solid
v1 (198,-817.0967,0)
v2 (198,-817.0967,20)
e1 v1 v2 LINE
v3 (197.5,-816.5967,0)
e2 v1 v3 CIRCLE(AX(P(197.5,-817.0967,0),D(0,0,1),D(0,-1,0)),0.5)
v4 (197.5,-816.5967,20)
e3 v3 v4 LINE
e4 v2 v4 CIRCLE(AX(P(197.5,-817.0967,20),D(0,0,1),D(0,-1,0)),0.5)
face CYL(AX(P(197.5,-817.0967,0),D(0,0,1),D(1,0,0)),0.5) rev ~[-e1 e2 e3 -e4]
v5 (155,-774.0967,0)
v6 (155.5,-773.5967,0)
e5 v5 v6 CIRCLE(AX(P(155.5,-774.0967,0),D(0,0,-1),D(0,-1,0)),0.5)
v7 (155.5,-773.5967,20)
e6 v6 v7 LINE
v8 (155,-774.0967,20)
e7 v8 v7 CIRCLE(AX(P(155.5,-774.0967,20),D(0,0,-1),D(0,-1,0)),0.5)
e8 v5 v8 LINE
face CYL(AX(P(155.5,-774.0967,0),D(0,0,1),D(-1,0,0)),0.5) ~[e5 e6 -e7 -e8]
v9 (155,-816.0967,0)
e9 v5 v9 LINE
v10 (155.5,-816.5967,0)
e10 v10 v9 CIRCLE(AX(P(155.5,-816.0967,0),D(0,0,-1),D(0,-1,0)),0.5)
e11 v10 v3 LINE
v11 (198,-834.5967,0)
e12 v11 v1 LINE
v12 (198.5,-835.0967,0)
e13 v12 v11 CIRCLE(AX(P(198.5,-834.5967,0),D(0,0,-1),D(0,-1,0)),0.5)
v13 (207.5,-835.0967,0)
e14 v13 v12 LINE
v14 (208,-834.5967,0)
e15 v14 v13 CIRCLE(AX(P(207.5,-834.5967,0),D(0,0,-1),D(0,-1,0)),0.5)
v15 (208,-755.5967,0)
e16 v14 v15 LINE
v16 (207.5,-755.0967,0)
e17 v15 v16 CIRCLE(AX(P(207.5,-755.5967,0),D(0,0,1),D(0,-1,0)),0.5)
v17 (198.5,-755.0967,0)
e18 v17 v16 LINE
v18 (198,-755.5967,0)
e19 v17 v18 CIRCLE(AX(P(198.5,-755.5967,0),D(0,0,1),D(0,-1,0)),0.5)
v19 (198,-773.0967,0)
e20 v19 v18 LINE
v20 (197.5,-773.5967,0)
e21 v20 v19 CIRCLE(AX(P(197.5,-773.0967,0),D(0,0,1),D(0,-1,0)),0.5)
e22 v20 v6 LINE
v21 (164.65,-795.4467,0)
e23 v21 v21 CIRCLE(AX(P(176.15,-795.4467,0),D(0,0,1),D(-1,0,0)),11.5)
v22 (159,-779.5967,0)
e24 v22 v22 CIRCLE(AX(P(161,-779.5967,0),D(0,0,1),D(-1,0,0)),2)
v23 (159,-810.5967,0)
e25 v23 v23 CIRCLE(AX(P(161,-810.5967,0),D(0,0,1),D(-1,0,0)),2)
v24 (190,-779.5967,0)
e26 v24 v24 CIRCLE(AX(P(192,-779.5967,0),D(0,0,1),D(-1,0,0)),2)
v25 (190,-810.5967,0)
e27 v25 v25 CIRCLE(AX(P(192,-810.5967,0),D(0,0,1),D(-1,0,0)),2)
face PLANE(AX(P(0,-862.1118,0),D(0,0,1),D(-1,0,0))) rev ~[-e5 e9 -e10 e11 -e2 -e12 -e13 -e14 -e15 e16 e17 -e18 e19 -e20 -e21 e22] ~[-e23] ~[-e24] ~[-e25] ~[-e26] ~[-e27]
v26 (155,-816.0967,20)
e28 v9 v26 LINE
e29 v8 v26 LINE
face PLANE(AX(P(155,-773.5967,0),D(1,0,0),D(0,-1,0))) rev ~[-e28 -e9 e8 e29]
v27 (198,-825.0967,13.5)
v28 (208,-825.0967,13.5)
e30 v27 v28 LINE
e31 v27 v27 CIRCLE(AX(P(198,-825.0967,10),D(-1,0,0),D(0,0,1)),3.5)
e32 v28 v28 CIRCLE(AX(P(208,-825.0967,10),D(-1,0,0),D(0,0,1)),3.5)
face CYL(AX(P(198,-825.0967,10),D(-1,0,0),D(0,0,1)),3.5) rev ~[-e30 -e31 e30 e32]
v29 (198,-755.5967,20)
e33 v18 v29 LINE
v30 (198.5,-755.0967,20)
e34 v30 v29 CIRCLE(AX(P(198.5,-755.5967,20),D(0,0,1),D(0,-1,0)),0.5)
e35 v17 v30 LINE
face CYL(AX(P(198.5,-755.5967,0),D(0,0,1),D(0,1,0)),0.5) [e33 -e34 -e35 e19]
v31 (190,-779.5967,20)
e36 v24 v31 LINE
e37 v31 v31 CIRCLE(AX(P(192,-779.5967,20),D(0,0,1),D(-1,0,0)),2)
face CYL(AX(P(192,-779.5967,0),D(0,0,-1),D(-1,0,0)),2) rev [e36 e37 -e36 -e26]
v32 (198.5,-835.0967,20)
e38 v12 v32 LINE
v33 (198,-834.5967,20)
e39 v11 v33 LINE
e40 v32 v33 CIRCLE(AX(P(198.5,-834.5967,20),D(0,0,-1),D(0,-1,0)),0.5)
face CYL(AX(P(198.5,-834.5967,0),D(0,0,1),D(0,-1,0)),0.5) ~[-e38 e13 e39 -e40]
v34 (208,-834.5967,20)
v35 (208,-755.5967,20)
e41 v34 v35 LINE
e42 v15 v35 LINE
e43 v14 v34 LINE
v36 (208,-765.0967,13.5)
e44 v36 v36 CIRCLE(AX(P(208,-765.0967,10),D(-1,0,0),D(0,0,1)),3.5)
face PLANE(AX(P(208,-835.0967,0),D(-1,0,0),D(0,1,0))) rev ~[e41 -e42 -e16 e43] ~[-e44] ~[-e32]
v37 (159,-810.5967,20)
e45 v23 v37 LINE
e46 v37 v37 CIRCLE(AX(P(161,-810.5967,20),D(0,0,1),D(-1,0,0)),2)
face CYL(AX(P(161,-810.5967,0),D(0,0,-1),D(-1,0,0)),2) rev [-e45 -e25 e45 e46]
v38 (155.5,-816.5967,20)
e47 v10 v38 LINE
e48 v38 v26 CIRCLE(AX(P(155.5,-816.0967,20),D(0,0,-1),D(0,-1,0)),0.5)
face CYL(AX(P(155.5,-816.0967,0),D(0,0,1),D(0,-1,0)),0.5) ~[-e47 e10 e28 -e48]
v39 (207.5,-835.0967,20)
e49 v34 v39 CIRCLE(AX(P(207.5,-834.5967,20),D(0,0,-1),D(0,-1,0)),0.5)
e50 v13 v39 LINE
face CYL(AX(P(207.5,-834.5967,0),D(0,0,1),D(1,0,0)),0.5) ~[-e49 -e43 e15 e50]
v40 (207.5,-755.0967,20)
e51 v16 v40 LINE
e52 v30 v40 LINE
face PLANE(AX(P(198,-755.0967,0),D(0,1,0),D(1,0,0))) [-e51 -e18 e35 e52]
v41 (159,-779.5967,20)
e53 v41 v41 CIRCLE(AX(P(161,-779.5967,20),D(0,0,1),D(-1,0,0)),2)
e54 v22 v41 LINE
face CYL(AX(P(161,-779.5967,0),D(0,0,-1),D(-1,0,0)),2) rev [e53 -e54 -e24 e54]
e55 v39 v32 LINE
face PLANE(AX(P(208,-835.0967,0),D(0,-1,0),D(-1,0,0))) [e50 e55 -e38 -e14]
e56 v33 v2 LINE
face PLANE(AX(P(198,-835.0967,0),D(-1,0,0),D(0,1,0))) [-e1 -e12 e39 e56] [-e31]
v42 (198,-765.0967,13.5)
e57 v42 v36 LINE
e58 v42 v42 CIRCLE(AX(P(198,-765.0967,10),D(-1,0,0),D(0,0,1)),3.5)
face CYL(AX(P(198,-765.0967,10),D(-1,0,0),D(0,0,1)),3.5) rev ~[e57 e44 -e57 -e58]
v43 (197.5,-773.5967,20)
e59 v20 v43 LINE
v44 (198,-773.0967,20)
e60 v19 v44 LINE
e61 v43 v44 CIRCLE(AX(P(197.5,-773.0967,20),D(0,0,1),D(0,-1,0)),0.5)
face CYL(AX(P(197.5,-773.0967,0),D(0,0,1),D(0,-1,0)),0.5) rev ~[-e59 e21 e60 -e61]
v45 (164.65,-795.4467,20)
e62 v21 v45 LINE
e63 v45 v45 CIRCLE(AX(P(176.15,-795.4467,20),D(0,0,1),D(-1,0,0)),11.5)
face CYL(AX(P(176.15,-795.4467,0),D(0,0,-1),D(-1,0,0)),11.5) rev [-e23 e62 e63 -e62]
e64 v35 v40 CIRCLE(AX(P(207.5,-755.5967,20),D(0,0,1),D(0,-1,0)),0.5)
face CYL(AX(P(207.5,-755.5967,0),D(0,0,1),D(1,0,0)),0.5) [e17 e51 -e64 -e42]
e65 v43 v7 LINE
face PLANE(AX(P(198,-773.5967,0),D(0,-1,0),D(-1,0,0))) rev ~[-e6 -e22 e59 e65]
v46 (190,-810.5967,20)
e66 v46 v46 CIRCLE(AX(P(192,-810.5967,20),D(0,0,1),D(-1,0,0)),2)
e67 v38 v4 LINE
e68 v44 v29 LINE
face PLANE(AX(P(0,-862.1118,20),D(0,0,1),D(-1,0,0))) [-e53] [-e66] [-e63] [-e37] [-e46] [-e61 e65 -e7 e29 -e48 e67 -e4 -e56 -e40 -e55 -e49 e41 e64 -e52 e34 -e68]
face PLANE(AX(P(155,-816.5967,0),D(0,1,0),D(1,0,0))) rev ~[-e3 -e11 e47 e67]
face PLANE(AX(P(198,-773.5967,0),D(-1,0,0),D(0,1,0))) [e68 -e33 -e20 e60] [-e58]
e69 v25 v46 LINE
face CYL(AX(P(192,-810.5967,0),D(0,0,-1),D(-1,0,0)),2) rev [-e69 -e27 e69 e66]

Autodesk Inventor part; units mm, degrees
ref_plane "YZ Plane" through (0, 0, 0) normal (1, 0, 0) x (0, 1, 0)
ref_plane "XZ Plane" through (0, 0, 0) normal (0, 1, 0) x (-1, 0, 0)
ref_plane "Work Plane1" through (0, -862.1118, 0) normal (0, 0, 1) x (-1, 0, 0)
sketch "Sketch1" plane through (0, -862.1118, 0) normal (0, 0, 1) x (-1, 0, 0)
  circle A0 centre (-188, -18) radius 4 projected
  line L0 (-220, -478) -> (-220, 22) projected
  line L1 (-220, -478) -> (-208, -478) projected
  line L2 (-208, 22) -> (-208, -478) projected
  line L3 (-220, 22) -> (-208, 22) projected
  line L4 (-208, -27.0151) -> (-198, -27.0151)
  line L5 (-198, -107.0151) -> (-208, -107.0151)
  line L6 (-208, -107.0151) -> (-208, -27.0151)
  line L7 (-155, -45.5151) -> (-198, -45.5151)
  line L8 (-198, -88.5151) -> (-155, -88.5151)
  line L9 (-155, -88.5151) -> (-155, -45.5151)
  circle A1 centre (-176.15, -66.6651) radius 11.5
  circle A2 centre (-161, -51.5151) radius 2
  circle A3 centre (-192, -51.5151) radius 2
  circle A4 centre (-192, -82.5151) radius 2
  circle A5 centre (-161, -82.5151) radius 2
  line L10 (-192, -82.5151) -> (-192, -51.5151) construction
  line L11 (-192, -82.5151) -> (-161, -82.5151) construction
  line L12 (-198, -27.0151) -> (-198, -45.5151)
  line L13 (-198, -88.5151) -> (-198, -107.0151)
  point P0 (0, -862.1118)
  dimension "d0" = 10
  dimension "d1" = 80
  dimension "d3" = 43
  dimension "d4" = 18.5
  dimension "d5" = 18.5
  dimension "d6" = 23
  dimension "d7" = 4
  dimension "d8" = 4
  dimension "d9" = 4
  dimension "d10" = 4
  dimension "d11" = 31
  dimension "d12" = 31
  dimension "d13" = 31
  dimension "d14" = 31
  dimension "d15" = 6
  dimension "d18" = 6
  dimension "d19" = 6
  dimension "d20" = 6
  dimension "d21" = 90
  dimension "d25" = 21.15
  dimension "d26" = 21.15
  dimension "d27" = 90
  dimension "d28" = 90
  dimension "d29" = 18.5
extrude "Tykkelse" add sketch "Sketch1" along normal blind 20 contours L2 L4 L12 L7 L9 L8 L13 L5
sketch "Sketch2" plane through (198, -835.0967, 0) normal (-1, 0, 0) x (0, 0, 1)
  line L0 (0, 0) -> (20, 0) projected
  line L1 (20, 18.5) -> (20, 0) projected
  line L2 (0, 80) -> (0, 61.5) projected
  line L3 (0, 61.5) -> (20, 61.5) projected
  line L4 (20, 80) -> (20, 61.5) projected
  line L5 (0, 80) -> (20, 80) projected
  circle A0 centre (10, 70) radius 3.5
  circle A1 centre (10, 10) radius 3.5
  point P0 (0, 835.0967)
  dimension "d32" = 7
  dimension "d33" = 7
  dimension "d34" = 10
  dimension "d35" = 10
  dimension "d36" = 10
  dimension "d37" = 10
extrude "Extrusion2" cut sketch "Sketch2" against normal up to surface (10 mm away) contours A0 | A1
fillet "Fillet1" radius 0.5 8 edges at (198, -816.5967, 10) (198, -773.5967, 10) (155, -773.5967, 10) (155, -816.5967, 10) (198, -835.0967, 10) (208, -835.0967, 10) (198, -755.0967, 10) (208, -755.0967, 10)
equation "\"d4\" = d5"
equation "\"d8\" = d7"
equation "\"d9\" = d7"
equation "\"d10\" = d7"
equation "\"d13\" = d11"
equation "\"d14\" = d12"
equation "\"d15\" = d20"
equation "\"d18\" = d15"
equation "\"d19\" = d18"
properties part number "Stepper Holder X&Y" material "Aluminum 6061"
